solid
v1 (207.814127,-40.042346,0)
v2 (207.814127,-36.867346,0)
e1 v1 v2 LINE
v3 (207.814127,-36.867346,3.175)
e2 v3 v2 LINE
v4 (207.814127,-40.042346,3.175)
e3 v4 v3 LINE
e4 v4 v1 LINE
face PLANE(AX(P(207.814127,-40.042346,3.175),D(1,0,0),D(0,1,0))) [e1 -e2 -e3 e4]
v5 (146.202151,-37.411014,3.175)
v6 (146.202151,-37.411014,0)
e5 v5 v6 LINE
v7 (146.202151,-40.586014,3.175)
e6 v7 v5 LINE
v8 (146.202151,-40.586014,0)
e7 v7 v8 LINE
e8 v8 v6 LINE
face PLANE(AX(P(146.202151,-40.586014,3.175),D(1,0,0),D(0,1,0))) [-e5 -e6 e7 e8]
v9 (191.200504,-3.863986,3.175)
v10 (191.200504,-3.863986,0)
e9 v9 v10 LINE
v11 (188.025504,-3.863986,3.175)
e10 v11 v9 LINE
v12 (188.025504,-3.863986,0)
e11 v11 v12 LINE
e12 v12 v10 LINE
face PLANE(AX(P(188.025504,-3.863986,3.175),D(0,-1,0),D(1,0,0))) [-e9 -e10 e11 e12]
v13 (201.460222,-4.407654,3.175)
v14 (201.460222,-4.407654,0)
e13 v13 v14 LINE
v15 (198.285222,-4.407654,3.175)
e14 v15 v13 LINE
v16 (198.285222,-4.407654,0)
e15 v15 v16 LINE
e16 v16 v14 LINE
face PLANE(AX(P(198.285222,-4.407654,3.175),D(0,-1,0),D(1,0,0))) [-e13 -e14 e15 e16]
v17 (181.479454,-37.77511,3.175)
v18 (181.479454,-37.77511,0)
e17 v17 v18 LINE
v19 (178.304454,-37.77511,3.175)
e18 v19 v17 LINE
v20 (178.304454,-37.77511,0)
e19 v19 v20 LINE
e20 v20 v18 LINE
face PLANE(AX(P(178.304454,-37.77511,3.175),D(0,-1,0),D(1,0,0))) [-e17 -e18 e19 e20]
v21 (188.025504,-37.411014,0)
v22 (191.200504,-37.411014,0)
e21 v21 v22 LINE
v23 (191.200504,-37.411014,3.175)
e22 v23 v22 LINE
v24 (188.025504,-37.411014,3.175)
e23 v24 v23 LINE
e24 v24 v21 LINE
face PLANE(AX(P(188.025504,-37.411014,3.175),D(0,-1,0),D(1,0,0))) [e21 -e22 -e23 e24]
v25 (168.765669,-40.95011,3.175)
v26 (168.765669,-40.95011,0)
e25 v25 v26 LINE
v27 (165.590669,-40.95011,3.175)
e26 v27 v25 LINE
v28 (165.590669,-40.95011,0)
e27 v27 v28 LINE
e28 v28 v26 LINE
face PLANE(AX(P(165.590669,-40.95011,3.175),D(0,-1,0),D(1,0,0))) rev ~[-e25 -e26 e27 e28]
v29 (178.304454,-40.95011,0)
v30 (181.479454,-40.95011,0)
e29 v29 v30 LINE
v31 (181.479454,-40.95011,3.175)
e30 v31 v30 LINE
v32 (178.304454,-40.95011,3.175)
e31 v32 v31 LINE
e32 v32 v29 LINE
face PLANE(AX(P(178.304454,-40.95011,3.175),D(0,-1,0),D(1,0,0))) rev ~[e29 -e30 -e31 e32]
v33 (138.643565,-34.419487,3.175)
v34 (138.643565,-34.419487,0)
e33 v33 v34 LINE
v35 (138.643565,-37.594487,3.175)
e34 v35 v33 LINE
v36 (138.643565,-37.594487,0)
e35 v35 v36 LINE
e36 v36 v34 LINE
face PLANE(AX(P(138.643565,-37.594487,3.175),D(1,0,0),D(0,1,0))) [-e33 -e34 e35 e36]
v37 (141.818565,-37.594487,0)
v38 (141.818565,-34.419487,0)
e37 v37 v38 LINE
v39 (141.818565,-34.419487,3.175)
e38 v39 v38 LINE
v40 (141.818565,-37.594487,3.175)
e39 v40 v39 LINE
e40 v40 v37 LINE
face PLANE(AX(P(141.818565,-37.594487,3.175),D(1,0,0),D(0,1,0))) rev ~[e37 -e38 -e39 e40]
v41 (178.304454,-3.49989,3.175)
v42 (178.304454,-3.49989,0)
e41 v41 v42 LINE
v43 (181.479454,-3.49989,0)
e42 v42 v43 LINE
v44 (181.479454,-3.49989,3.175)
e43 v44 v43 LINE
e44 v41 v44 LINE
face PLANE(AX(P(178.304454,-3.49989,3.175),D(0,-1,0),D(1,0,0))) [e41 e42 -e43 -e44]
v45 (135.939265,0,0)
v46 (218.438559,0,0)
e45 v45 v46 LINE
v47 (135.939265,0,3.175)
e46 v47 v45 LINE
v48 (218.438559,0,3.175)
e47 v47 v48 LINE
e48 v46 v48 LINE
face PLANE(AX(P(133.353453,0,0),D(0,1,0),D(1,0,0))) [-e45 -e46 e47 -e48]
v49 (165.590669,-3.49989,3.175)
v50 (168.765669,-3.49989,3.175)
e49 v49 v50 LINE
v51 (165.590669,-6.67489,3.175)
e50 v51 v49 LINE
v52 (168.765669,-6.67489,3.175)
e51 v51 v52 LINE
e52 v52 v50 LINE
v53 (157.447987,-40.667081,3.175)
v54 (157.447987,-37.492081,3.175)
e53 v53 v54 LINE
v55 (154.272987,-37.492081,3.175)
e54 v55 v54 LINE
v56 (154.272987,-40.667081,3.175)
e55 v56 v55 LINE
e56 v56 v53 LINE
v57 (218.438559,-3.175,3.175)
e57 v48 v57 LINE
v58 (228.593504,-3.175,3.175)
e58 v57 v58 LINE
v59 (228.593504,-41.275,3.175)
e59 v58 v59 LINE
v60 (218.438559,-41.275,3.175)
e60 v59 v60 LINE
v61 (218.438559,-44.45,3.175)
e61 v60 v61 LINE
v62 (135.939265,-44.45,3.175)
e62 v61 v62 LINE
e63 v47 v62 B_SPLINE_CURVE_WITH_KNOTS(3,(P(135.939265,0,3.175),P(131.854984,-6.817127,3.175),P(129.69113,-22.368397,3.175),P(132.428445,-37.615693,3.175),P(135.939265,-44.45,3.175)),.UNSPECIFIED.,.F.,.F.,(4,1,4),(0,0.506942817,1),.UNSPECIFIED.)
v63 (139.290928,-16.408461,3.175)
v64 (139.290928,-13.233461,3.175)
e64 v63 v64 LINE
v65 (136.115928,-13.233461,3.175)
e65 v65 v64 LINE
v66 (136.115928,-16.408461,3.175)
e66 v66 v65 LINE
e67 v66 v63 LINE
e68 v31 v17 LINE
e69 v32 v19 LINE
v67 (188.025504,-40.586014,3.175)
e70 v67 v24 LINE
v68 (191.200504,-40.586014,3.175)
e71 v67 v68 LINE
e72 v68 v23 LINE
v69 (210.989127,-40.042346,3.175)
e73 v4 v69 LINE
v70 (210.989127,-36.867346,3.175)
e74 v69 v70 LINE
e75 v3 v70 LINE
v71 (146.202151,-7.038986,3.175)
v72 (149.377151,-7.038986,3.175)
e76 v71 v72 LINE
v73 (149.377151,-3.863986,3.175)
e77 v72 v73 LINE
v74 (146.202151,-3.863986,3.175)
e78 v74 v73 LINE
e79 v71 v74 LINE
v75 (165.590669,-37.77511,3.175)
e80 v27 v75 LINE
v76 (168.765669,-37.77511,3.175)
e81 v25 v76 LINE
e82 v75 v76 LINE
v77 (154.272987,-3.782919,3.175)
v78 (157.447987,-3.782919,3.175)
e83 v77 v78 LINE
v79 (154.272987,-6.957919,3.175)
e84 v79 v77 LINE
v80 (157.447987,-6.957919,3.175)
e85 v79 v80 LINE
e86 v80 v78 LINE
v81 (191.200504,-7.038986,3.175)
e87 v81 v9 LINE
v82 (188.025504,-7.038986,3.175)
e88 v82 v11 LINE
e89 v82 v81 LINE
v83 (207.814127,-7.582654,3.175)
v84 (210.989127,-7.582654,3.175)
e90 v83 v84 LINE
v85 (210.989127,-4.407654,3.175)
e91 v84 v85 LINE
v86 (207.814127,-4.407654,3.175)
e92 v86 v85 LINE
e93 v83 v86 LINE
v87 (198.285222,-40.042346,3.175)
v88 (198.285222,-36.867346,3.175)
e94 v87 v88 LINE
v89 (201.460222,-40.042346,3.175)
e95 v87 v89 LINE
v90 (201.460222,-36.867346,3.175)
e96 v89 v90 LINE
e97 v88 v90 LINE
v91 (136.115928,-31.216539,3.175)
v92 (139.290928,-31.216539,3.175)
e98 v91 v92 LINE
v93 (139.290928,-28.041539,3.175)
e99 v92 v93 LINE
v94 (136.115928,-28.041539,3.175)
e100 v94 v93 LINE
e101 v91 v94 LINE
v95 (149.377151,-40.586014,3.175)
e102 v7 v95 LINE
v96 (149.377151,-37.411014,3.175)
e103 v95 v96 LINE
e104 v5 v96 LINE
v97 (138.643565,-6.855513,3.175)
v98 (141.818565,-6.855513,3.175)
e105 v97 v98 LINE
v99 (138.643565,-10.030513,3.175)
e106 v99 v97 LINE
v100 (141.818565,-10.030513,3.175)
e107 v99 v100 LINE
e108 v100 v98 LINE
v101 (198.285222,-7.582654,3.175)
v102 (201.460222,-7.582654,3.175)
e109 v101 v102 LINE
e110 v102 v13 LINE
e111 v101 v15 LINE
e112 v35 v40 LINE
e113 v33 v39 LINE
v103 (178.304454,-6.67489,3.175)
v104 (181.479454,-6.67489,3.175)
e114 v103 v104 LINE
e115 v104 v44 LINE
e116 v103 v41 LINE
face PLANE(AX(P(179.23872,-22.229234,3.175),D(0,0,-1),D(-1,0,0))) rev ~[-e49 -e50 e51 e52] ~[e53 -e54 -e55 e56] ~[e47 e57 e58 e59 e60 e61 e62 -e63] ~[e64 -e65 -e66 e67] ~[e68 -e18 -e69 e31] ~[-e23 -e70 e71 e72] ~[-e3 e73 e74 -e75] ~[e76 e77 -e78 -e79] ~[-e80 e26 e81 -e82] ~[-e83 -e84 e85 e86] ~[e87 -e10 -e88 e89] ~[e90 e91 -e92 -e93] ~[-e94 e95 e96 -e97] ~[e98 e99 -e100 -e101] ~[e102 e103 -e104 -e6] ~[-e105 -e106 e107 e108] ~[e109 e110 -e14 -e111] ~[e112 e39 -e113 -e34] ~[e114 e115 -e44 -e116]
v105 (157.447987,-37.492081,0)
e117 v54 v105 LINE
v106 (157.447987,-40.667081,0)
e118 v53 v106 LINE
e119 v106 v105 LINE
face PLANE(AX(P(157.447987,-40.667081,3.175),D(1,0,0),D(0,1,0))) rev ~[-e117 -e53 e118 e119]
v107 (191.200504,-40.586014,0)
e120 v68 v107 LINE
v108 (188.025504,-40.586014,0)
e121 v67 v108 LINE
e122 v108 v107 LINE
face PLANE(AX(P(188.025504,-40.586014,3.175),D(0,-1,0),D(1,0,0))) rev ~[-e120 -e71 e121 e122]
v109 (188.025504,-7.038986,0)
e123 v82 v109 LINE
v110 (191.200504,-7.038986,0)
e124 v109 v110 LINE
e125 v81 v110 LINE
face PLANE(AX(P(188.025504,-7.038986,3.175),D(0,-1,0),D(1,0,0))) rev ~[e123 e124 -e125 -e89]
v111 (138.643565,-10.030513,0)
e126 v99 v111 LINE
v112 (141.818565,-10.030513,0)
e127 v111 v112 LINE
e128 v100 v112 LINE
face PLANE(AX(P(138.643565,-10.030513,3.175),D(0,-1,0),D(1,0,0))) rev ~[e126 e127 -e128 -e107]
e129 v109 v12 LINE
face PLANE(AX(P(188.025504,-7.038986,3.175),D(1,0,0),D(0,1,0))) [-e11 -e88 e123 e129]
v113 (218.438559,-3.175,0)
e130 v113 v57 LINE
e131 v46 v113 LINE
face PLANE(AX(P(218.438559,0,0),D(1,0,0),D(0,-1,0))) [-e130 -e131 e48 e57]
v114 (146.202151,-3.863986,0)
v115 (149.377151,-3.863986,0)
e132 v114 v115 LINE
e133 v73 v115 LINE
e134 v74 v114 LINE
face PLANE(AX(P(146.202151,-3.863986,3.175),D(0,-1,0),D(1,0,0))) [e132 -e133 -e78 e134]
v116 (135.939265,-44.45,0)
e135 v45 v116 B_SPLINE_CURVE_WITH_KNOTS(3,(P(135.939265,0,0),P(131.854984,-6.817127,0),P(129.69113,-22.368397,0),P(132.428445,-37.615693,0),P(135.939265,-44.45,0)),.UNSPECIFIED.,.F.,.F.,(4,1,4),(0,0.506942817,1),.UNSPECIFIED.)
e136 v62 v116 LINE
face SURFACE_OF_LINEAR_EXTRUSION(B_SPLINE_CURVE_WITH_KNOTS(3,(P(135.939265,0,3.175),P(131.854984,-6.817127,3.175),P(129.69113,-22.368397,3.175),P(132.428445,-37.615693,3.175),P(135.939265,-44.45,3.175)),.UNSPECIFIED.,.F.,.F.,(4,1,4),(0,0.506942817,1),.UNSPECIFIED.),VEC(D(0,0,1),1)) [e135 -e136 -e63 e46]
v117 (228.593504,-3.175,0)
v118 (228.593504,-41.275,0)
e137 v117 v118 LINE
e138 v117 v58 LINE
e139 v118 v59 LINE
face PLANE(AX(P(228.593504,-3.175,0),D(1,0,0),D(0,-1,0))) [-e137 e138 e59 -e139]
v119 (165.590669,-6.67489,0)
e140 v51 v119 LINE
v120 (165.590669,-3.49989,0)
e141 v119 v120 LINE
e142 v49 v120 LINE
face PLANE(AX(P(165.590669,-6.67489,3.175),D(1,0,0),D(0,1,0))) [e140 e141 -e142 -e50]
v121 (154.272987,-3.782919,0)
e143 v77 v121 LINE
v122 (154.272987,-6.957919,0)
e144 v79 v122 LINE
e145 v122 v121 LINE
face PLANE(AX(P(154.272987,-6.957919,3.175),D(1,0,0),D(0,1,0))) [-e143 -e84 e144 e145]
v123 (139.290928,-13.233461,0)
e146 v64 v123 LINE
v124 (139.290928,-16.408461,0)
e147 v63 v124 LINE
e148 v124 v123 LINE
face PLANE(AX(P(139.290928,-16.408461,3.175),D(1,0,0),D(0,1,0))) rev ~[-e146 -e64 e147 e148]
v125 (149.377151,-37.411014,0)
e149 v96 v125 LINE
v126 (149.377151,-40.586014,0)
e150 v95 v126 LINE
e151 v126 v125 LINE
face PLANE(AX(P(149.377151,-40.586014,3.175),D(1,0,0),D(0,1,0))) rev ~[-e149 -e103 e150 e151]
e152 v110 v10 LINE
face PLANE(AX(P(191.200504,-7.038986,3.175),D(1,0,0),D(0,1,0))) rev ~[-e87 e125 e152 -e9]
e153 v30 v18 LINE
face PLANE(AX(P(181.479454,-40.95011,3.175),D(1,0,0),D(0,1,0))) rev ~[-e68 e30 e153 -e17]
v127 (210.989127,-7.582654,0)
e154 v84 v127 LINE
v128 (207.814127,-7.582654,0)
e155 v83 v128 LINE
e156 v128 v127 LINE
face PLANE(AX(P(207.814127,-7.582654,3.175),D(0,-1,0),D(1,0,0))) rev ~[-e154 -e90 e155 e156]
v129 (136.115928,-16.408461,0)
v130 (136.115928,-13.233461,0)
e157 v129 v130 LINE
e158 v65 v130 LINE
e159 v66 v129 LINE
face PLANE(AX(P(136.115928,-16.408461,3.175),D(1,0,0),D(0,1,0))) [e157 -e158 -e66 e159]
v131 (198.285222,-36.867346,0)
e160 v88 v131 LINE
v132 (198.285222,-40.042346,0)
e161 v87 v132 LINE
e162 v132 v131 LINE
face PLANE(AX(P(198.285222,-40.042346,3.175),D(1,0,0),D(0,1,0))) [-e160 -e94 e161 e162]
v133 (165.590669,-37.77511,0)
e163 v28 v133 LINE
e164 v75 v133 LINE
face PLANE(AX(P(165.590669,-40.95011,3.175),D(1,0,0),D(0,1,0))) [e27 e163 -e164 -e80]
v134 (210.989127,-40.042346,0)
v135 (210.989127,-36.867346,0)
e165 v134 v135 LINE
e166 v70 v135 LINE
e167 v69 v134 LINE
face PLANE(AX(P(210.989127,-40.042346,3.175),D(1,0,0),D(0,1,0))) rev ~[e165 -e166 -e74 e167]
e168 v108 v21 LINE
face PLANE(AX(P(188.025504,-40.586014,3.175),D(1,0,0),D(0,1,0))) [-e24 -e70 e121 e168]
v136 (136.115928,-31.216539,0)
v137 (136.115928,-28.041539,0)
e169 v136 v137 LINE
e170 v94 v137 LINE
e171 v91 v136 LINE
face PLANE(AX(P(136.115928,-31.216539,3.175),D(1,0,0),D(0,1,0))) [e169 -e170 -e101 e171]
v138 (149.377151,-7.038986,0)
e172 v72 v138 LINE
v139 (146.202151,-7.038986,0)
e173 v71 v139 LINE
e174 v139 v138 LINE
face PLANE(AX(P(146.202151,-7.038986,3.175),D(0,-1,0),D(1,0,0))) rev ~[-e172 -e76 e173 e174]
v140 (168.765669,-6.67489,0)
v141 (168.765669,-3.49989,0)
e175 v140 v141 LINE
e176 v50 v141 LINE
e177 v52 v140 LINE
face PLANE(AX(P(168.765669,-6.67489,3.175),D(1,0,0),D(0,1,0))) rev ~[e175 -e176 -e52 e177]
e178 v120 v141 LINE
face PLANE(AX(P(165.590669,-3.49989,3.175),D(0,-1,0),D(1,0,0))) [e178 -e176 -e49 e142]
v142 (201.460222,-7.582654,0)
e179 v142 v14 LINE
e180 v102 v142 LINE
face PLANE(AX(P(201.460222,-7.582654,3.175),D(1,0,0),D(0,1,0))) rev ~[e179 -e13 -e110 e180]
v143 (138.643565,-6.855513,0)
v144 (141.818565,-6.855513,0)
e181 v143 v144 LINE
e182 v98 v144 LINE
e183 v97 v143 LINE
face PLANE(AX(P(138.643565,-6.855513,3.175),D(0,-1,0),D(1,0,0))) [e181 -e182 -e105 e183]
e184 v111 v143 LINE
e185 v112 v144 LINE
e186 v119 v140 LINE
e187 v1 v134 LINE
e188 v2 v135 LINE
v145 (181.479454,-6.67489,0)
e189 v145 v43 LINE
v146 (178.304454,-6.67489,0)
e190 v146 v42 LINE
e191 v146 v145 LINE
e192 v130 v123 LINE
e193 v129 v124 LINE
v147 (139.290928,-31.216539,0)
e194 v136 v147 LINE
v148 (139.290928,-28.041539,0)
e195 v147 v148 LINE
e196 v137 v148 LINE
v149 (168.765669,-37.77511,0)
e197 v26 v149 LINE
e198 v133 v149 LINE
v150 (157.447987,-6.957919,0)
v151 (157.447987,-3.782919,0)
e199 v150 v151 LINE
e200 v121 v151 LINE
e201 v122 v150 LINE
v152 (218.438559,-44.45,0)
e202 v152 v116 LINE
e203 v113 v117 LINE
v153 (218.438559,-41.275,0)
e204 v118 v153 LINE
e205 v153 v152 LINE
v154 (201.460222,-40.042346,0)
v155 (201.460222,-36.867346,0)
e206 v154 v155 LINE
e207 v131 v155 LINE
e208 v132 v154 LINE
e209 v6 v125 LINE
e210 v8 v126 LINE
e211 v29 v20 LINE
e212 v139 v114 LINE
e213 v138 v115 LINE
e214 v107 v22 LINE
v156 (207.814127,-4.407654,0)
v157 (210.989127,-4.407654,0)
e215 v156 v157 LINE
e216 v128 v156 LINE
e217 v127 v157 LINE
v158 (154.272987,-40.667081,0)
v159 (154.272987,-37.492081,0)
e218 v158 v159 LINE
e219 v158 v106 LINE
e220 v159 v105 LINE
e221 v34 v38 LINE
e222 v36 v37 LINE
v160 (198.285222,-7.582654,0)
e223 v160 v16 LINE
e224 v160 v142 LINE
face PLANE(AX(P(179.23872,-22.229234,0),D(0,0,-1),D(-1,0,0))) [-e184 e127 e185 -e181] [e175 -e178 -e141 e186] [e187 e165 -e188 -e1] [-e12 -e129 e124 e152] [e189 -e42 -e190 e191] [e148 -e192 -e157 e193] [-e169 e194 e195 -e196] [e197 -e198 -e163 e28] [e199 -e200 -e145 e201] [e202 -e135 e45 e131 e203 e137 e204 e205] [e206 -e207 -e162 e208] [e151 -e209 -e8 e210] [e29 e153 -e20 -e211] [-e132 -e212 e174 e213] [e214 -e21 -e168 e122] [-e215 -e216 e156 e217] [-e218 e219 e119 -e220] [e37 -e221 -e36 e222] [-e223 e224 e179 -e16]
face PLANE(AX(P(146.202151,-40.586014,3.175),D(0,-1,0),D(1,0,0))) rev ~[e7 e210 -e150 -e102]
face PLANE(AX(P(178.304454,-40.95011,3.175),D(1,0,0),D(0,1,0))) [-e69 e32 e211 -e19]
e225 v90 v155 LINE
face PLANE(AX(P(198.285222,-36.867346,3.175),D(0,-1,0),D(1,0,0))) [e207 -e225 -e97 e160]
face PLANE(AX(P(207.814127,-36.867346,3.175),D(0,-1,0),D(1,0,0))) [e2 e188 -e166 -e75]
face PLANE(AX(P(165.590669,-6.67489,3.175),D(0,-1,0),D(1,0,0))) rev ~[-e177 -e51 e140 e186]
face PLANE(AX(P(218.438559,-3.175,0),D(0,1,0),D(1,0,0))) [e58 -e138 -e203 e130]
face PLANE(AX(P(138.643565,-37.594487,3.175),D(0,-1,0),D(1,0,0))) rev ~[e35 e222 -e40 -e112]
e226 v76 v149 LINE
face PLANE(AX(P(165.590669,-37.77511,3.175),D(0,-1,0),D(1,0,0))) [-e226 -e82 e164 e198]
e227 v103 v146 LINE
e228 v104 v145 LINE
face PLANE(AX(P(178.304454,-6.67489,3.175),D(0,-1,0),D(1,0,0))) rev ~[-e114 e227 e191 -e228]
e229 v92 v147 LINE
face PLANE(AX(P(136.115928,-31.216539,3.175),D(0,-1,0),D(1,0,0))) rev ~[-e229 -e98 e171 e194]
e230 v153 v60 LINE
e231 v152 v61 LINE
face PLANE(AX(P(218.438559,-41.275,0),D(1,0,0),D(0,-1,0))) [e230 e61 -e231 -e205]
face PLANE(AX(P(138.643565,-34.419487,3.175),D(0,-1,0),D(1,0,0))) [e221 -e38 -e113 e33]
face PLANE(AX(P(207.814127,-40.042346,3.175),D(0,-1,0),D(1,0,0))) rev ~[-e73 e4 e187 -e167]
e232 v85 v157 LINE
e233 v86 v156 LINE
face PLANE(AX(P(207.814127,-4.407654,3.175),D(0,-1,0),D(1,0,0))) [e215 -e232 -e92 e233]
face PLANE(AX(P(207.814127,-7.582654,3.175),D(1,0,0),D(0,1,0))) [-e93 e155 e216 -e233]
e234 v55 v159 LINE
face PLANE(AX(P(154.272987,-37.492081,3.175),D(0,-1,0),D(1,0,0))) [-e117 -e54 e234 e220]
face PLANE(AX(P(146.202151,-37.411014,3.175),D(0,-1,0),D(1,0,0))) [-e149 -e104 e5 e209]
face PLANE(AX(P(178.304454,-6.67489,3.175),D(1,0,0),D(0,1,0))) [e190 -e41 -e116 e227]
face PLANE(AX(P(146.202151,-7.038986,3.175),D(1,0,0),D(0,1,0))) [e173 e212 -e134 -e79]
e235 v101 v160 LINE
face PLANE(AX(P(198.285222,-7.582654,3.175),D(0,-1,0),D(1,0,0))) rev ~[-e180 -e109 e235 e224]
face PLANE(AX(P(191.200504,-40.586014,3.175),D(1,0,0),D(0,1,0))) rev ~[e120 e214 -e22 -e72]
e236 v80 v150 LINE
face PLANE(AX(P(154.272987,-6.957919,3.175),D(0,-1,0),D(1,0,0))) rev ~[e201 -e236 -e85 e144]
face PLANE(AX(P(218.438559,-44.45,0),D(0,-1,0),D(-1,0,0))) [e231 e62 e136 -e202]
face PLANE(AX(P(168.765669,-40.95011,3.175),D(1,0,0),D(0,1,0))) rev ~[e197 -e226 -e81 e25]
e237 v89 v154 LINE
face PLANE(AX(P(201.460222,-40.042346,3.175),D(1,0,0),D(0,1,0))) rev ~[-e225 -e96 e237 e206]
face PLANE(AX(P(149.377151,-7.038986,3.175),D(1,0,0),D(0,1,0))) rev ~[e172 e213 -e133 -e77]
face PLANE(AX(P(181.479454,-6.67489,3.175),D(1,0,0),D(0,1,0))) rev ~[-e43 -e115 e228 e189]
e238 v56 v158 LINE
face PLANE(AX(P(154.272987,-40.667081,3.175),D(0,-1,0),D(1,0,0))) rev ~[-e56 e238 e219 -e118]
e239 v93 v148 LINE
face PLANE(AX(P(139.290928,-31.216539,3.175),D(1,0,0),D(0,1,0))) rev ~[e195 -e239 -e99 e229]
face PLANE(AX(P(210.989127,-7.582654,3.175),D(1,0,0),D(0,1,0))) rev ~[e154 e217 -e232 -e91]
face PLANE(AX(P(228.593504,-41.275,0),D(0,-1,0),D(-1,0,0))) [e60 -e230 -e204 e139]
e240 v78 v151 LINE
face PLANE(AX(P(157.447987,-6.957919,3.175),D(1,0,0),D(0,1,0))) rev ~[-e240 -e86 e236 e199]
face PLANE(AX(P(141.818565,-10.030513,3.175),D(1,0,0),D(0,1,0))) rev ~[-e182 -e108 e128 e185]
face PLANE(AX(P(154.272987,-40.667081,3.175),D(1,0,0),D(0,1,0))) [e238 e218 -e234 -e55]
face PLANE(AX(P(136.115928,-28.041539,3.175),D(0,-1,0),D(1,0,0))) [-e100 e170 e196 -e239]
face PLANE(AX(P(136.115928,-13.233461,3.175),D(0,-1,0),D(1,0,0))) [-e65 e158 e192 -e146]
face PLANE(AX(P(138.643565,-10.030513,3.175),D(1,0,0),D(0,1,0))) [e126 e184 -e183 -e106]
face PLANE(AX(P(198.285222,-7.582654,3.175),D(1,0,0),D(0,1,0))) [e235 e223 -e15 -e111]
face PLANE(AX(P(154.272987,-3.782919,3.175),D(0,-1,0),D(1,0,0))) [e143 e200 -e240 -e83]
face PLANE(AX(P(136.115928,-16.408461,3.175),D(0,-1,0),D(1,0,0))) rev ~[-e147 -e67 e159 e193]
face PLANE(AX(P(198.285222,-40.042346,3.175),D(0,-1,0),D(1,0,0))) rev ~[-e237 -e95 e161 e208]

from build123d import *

# Parameters (mm, degrees)
BOSS_EXTRUDE1_DEPTH = 3.175
CUT_EXTRUDE1_DEPTH  = 3.175
SKETCH3_W           = 3.175
SKETCH3_H           = 3.175
CUT_EXTRUDE2_DEPTH  = 3.175


with BuildPart() as part:
    # Sketch1 → Boss-Extrude1 (new body)
    with BuildSketch(Plane.XY):
        with BuildLine():
            Line((133.353452848, 0), (218.438559169, 0))
            Line((218.438559169, 0), (218.438559169, -3.175))
            Line((218.438559169, -3.175), (228.593504491, -3.175))
            Line((228.593504491, -3.175), (228.593504491, -41.275))
            Line((228.593504491, -41.275), (218.438559169, -41.275))
            Line((218.438559169, -41.275), (218.438559169, -44.45))
            Line((218.438559169, -44.45), (133.353452848, -44.45))
            add(Edge.make_bspline(
                [(133.353452848, 0), (129.670007688, -3.804094497), (126.127807653, -11.460398689), (125.717598982, -27.472957947), (126.742796491, -38.641939676), (133.353452848, -44.45)],
                knots=[0, 0, 0, 0, 0.328355513, 0.50111915, 1, 1, 1, 1], degree=3))
        make_face()
    extrude(amount=BOSS_EXTRUDE1_DEPTH)

    # Sketch2 → Cut-Extrude1 (cut)
    with BuildSketch(Plane.XY.offset(3.175)):
        with BuildLine():
            Line((135.939264538, 0), (128.336629453, 5.186344239))
            Line((128.336629453, 5.186344239), (108.478299615, -42.096060539))
            Line((108.478299615, -42.096060539), (132.091652271, -56.370762285))
            Line((132.091652271, -56.370762285), (135.939264538, -44.45))
            add(Edge.make_bspline(
                [(135.939264538, 0), (131.854984435, -6.817127359), (129.691129791, -22.368396799), (132.428444631, -37.615693349), (135.939264538, -44.45)],
                knots=[0, 0, 0, 0, 0.506942817, 1, 1, 1, 1], degree=3))
        make_face()
    extrude(amount=-CUT_EXTRUDE1_DEPTH, mode=Mode.SUBTRACT)

    # Sketch3 → Cut-Extrude2 (cut)
    with BuildSketch(Plane.XY.offset(3.175)):
        with Locations((140.231064965, -8.443013353)):
            Rectangle(SKETCH3_W, SKETCH3_H)
        with Locations((155.86048705, -5.370418658)):
            Rectangle(SKETCH3_W, SKETCH3_H)
        with Locations((147.789651456, -5.451485607)):
            Rectangle(SKETCH3_W, SKETCH3_H)
        with Locations((167.178168731, -5.087390187)):
            Rectangle(SKETCH3_W, SKETCH3_H)
        with Locations((179.891954361, -5.087390187)):
            Rectangle(SKETCH3_W, SKETCH3_H)
        with Locations((189.613004004, -5.451485607)):
            Rectangle(SKETCH3_W, SKETCH3_H)
        with Locations((199.872722139, -5.995153624)):
            Rectangle(SKETCH3_W, SKETCH3_H)
        with Locations((209.401626696, -38.454846376)):
            Rectangle(SKETCH3_W, SKETCH3_H)
        with Locations((199.872722139, -38.454846376)):
            Rectangle(SKETCH3_W, SKETCH3_H)
        with Locations((189.613004004, -38.998514393)):
            Rectangle(SKETCH3_W, SKETCH3_H)
        with Locations((179.891954361, -39.362609813)):
            Rectangle(SKETCH3_W, SKETCH3_H)
        with Locations((167.178168731, -39.362609813)):
            Rectangle(SKETCH3_W, SKETCH3_H)
        with Locations((147.789651456, -38.998514393)):
            Rectangle(SKETCH3_W, SKETCH3_H)
        with Locations((155.86048705, -39.079581342)):
            Rectangle(SKETCH3_W, SKETCH3_H)
        with Locations((140.231064965, -36.006986647)):
            Rectangle(SKETCH3_W, SKETCH3_H)
        with Locations((137.703428064, -29.629038879)):
            Rectangle(SKETCH3_W, SKETCH3_H)
        with Locations((137.703428064, -14.820961121)):
            Rectangle(SKETCH3_W, SKETCH3_H)
        with Locations((209.401626696, -5.995153624)):
            Rectangle(SKETCH3_W, SKETCH3_H)
    extrude(amount=-CUT_EXTRUDE2_DEPTH, mode=Mode.SUBTRACT)


solid = part.part
